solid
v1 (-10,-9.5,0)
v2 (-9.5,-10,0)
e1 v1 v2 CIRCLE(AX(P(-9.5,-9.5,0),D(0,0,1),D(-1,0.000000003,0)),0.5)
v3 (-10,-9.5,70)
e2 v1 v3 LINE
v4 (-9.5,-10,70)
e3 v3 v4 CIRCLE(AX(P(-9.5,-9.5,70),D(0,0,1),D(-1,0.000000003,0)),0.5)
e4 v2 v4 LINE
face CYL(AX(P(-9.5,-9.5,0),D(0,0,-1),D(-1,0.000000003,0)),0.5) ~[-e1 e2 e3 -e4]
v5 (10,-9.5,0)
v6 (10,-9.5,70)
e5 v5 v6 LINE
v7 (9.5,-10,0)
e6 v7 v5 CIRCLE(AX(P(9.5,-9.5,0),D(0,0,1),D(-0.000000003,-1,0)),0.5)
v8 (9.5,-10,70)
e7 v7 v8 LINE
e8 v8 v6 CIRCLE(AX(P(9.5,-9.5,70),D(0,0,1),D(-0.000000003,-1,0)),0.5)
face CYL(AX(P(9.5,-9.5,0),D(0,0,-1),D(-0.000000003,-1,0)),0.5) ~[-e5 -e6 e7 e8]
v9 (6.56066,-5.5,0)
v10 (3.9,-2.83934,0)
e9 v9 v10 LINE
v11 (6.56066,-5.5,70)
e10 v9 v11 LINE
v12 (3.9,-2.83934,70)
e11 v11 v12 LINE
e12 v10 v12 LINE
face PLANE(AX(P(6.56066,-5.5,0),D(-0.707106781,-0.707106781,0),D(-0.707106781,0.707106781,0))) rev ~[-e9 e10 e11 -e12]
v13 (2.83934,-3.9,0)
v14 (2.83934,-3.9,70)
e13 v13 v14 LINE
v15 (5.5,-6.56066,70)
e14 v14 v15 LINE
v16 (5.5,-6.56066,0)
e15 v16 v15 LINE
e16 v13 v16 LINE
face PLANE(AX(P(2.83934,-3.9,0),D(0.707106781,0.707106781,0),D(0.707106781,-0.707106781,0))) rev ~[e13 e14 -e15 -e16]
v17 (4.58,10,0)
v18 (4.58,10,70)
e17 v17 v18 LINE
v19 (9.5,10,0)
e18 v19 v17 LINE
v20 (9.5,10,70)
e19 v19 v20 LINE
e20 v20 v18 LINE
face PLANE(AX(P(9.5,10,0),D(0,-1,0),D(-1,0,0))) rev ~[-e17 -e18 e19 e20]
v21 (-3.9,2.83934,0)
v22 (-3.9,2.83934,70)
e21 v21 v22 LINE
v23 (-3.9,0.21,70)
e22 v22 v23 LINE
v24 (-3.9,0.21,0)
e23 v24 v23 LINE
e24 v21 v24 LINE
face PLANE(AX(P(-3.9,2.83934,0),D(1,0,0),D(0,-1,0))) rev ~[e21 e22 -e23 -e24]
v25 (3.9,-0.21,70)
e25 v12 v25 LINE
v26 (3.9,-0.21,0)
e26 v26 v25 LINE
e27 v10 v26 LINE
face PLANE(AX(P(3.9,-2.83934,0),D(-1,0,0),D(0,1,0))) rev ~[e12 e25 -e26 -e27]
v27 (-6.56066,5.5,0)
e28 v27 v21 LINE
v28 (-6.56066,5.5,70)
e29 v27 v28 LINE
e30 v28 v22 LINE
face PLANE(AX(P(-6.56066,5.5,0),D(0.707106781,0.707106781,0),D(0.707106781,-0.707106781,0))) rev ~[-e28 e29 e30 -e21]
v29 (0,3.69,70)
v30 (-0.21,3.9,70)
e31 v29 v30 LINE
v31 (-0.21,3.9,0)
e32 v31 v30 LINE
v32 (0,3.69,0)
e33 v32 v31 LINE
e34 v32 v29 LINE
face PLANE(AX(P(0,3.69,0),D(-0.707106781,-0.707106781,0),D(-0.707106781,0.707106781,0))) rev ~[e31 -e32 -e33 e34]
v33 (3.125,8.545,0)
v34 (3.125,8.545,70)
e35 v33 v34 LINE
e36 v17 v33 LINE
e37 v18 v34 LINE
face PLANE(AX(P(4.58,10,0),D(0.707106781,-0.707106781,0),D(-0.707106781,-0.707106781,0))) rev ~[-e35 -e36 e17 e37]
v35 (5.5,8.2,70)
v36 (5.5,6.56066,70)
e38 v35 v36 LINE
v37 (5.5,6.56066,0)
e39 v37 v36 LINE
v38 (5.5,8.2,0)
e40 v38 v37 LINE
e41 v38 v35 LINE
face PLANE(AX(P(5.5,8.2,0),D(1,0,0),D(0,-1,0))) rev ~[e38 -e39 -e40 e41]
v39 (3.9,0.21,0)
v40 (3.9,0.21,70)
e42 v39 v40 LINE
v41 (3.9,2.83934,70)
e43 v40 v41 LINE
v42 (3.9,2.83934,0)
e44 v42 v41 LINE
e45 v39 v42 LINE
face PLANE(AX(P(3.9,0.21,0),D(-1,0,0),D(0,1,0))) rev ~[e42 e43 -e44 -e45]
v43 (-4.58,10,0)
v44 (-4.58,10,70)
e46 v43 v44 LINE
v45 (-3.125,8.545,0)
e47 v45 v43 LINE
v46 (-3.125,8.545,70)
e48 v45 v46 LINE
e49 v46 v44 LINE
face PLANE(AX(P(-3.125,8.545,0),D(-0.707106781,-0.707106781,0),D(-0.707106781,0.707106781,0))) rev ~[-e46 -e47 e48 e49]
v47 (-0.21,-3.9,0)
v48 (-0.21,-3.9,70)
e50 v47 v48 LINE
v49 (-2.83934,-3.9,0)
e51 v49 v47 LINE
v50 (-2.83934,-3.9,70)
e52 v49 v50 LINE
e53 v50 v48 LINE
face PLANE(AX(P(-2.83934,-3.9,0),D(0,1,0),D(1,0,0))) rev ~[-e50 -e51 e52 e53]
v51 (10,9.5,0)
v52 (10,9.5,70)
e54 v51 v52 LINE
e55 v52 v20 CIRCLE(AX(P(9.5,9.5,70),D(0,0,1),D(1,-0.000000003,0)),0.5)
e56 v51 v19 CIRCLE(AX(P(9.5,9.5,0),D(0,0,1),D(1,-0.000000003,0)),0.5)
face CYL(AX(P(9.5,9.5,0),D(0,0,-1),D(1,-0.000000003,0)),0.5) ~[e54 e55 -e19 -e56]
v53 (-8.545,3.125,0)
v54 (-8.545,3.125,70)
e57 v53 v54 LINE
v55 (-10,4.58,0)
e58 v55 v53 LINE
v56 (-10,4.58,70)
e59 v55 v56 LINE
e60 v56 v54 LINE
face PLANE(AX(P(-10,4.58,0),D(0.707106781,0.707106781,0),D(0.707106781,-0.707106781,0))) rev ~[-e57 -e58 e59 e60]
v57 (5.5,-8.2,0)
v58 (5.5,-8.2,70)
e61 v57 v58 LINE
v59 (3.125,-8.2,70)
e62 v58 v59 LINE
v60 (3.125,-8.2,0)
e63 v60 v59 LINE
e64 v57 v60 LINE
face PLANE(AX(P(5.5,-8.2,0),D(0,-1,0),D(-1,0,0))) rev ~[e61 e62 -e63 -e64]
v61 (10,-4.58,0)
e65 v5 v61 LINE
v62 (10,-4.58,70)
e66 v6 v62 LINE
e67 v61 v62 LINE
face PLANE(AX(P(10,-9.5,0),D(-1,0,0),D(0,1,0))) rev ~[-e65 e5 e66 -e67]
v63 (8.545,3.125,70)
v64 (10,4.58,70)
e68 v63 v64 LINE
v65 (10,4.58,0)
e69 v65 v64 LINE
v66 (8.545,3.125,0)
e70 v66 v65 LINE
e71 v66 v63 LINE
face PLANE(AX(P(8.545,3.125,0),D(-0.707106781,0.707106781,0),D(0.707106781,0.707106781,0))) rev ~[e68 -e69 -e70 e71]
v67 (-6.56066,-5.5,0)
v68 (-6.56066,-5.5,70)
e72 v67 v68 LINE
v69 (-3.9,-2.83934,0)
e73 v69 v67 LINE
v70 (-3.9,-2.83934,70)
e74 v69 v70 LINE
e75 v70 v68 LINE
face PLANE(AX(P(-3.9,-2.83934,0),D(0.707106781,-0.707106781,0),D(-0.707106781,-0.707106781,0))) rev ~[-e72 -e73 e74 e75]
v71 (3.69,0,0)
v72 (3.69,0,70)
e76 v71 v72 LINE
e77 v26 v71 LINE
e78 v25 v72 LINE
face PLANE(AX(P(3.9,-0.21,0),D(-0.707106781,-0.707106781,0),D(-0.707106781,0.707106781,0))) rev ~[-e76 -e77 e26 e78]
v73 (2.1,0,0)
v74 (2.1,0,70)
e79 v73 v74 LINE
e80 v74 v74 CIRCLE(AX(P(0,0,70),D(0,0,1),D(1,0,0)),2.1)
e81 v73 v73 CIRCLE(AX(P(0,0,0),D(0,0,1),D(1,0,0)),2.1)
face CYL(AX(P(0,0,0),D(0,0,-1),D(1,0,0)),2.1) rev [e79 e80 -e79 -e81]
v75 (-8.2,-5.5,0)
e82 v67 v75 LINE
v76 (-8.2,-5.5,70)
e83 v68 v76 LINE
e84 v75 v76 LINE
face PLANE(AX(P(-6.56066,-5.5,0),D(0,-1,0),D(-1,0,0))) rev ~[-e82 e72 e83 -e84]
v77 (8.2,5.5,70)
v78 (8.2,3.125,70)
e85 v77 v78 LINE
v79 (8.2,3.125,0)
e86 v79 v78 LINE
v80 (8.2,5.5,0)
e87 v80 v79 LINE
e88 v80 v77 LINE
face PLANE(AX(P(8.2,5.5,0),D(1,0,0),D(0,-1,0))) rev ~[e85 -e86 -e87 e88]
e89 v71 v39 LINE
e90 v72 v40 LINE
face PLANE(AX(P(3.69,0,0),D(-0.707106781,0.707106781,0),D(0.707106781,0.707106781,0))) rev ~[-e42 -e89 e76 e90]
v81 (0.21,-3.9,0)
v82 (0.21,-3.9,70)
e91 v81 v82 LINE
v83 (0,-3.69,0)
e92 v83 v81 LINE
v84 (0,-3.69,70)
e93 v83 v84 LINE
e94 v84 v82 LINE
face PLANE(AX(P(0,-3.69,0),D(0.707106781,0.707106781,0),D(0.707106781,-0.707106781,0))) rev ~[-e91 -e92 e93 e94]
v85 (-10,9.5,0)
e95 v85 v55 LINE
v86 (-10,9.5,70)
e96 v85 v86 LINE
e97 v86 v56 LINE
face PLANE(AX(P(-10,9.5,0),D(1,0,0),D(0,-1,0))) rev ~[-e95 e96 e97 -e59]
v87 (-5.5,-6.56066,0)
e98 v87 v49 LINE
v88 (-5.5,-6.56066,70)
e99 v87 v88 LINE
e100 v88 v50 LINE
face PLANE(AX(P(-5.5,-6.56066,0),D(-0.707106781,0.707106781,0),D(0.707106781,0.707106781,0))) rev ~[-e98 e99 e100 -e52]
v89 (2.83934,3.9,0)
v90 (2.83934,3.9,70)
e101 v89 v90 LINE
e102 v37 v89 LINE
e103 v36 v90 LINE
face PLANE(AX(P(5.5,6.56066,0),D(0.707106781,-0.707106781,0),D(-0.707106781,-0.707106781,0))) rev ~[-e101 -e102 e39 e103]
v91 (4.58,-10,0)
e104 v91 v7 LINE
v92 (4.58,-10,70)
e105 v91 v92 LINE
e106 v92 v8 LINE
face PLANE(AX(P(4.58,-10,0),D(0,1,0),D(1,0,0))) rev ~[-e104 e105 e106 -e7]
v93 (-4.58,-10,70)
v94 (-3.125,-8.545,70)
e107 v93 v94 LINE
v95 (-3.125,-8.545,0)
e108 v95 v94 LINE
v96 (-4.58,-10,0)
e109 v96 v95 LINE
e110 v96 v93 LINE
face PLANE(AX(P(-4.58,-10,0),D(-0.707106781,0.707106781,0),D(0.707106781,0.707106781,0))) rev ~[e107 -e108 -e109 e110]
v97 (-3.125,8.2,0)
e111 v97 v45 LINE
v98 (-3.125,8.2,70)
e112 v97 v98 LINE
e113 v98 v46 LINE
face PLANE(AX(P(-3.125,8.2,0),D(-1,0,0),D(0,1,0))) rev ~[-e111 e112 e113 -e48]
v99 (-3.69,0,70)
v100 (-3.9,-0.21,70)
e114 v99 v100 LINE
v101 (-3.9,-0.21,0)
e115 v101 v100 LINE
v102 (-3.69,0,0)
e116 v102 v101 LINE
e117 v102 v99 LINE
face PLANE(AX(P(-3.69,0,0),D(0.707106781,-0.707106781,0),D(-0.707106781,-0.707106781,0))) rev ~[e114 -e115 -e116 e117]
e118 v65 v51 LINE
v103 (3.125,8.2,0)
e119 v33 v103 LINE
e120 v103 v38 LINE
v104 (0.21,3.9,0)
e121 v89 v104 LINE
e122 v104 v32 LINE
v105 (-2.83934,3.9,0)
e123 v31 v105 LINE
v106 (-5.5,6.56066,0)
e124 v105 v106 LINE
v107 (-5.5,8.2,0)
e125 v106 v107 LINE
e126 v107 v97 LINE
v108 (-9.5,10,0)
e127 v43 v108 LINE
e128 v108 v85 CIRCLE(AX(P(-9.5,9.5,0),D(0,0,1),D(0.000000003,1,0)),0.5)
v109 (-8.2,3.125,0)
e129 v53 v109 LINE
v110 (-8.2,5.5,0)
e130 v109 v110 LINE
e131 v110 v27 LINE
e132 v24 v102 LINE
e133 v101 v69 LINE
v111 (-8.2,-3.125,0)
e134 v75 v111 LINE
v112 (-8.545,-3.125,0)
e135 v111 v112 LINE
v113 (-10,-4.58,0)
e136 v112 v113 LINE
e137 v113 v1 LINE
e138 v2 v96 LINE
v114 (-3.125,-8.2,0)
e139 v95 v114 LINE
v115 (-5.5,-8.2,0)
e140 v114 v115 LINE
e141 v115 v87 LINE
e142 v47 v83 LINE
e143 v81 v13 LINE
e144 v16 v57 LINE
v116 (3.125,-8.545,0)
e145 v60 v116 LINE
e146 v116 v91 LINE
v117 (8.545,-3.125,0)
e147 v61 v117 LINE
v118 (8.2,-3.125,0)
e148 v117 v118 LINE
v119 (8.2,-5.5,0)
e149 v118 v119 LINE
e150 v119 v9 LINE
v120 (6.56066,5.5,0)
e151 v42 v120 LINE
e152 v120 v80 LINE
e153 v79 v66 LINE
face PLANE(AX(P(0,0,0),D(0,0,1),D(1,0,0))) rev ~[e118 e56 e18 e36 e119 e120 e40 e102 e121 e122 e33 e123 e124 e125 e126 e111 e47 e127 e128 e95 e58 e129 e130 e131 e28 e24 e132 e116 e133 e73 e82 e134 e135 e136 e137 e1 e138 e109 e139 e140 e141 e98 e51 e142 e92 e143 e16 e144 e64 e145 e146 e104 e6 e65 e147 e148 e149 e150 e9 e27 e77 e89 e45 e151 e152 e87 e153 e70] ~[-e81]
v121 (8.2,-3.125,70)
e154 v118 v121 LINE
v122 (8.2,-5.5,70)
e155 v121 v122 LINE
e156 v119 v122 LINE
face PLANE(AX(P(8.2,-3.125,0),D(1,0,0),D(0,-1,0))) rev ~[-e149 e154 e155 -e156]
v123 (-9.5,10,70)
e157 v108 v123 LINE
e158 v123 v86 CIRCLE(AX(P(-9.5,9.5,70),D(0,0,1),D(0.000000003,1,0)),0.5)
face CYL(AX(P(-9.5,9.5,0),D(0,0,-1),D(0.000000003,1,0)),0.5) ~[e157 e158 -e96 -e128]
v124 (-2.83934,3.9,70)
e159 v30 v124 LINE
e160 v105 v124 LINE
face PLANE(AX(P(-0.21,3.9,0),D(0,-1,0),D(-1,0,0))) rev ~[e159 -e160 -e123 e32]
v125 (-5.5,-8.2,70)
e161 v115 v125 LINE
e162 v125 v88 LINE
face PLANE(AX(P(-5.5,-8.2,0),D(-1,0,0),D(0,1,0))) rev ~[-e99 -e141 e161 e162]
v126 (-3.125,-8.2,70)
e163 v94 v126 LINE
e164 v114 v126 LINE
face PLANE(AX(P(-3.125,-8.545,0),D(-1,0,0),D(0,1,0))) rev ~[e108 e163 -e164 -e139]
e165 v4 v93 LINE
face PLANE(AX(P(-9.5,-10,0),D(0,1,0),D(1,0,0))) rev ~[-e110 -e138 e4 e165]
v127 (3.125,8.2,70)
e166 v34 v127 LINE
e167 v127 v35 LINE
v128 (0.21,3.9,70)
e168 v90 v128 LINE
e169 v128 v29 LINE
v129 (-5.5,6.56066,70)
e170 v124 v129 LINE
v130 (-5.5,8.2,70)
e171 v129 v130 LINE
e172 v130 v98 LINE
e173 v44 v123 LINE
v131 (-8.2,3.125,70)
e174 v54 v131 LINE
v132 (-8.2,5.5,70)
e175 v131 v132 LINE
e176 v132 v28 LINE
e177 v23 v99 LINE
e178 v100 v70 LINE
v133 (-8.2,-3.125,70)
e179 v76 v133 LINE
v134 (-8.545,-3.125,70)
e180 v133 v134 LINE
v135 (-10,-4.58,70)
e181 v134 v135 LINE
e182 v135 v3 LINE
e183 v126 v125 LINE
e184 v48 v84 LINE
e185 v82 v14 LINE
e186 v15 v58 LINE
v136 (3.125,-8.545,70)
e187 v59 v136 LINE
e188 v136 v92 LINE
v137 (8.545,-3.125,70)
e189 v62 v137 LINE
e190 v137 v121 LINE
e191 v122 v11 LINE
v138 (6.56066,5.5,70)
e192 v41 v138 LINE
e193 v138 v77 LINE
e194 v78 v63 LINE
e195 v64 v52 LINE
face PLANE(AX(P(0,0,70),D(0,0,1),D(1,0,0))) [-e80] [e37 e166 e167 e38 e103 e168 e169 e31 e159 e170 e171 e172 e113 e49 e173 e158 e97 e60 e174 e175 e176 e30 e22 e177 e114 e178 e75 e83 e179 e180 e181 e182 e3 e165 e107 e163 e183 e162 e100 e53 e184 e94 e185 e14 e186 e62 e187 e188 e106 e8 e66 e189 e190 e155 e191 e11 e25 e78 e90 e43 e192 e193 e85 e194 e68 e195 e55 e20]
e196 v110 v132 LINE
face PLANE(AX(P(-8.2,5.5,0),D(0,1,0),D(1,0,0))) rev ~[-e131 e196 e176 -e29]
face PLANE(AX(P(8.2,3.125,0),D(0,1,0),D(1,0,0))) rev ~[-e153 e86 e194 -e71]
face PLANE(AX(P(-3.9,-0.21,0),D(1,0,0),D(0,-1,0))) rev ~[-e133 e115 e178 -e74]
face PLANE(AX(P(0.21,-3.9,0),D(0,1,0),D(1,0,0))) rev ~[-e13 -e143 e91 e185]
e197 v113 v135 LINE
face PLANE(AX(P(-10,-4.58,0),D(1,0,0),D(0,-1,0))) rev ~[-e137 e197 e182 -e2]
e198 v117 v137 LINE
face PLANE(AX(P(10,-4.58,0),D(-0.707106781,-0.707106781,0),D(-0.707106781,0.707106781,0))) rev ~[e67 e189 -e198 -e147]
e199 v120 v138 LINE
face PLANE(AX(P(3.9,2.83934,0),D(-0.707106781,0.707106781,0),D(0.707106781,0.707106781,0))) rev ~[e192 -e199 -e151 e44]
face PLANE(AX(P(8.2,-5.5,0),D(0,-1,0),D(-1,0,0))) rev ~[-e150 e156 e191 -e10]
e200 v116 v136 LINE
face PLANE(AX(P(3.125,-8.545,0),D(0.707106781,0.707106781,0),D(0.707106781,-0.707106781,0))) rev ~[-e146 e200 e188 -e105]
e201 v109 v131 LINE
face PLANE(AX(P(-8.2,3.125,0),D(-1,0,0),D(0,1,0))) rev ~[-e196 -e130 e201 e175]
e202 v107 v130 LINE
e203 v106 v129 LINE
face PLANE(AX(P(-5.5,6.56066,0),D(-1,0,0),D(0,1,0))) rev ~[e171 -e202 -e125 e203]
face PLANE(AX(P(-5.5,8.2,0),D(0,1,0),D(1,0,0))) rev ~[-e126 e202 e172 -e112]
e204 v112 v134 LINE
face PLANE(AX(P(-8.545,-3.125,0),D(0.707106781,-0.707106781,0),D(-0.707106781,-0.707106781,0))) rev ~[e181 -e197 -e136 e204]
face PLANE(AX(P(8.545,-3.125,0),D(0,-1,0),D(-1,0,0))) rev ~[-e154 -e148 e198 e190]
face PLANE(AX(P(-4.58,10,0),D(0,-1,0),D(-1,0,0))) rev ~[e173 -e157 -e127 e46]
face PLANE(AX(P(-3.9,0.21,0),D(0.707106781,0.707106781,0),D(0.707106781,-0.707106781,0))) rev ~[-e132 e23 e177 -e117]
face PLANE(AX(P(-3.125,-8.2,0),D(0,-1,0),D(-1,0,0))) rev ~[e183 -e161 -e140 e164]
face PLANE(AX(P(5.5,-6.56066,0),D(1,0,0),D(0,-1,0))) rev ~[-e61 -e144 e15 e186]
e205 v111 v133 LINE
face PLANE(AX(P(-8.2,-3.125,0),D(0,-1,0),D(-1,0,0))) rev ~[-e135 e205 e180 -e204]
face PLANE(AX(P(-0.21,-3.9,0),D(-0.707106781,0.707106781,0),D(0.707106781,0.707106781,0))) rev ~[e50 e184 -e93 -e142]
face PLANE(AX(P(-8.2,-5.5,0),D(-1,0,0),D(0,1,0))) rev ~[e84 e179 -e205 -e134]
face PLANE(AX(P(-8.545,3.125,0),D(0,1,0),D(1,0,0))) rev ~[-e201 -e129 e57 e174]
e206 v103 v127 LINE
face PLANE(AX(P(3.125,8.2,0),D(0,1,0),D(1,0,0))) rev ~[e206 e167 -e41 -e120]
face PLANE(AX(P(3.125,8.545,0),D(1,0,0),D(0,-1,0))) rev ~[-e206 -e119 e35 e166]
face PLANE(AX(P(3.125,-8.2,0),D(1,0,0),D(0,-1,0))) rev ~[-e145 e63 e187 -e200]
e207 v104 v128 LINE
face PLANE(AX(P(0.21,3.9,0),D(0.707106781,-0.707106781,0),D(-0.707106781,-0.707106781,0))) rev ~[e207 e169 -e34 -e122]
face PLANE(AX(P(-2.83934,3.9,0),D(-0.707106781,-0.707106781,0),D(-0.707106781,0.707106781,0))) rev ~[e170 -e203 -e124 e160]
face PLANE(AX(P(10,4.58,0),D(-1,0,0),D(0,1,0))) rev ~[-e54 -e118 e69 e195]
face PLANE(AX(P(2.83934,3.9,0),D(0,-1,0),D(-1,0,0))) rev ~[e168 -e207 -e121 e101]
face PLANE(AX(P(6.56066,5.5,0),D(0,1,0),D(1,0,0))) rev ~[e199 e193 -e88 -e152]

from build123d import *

# Parameters (mm, degrees)
ESBO_O1_R                = 2.1
RESSALTO_EXTRUS_O1_DEPTH = 70


with BuildPart() as part:
    # Esboço1 → Ressalto-extrusão1 (new body)
    with BuildSketch(Plane.XY):
        with BuildLine():
            Line((3.9, -0.21), (3.69, 0))
            Line((3.69, 0), (3.9, 0.21))
            Line((3.9, 0.21), (3.9, 2.839339828))
            Line((3.9, 2.839339828), (6.560660172, 5.5))
            Line((6.560660172, 5.5), (8.2, 5.5))
            Line((8.2, 5.5), (8.2, 3.125))
            Line((8.2, 3.125), (8.545, 3.125))
            Line((8.545, 3.125), (10, 4.58))
            Line((10, 4.58), (10, 9.5))
            ThreePointArc((10, 9.5), (9.853553391, 9.853553391), (9.5, 10))
            Line((9.5, 10), (4.58, 10))
            Line((4.58, 10), (3.125, 8.545))
            Line((3.125, 8.545), (3.125, 8.2))
            Line((3.125, 8.2), (5.5, 8.2))
            Line((5.5, 8.2), (5.5, 6.560660172))
            Line((5.5, 6.560660172), (2.839339828, 3.9))
            Line((2.839339828, 3.9), (0.21, 3.9))
            Line((0.21, 3.9), (0, 3.69))
            Line((0, 3.69), (-0.21, 3.9))
            Line((-0.21, 3.9), (-2.839339828, 3.9))
            Line((-2.839339828, 3.9), (-5.5, 6.560660172))
            Line((-5.5, 6.560660172), (-5.5, 8.2))
            Line((-5.5, 8.2), (-3.125, 8.2))
            Line((-3.125, 8.2), (-3.125, 8.545))
            Line((-3.125, 8.545), (-4.58, 10))
            Line((-4.58, 10), (-9.5, 10))
            ThreePointArc((-9.5, 10), (-9.853553391, 9.853553391), (-10, 9.5))
            Line((-10, 9.5), (-10, 4.58))
            Line((-10, 4.58), (-8.545, 3.125))
            Line((-8.545, 3.125), (-8.2, 3.125))
            Line((-8.2, 3.125), (-8.2, 5.5))
            Line((-8.2, 5.5), (-6.560660172, 5.5))
            Line((-6.560660172, 5.5), (-3.9, 2.839339828))
            Line((-3.9, 2.839339828), (-3.9, 0.21))
            Line((-3.9, 0.21), (-3.69, 0))
            Line((-3.69, 0), (-3.9, -0.21))
            Line((-3.9, -0.21), (-3.9, -2.839339828))
            Line((-3.9, -2.839339828), (-6.560660172, -5.5))
            Line((-6.560660172, -5.5), (-8.2, -5.5))
            Line((-8.2, -5.5), (-8.2, -3.125))
            Line((-8.2, -3.125), (-8.545, -3.125))
            Line((-8.545, -3.125), (-10, -4.58))
            Line((-10, -4.58), (-10, -9.5))
            ThreePointArc((-10, -9.5), (-9.853553391, -9.853553391), (-9.5, -10))
            Line((-9.5, -10), (-4.58, -10))
            Line((-4.58, -10), (-3.125, -8.545))
            Line((-3.125, -8.545), (-3.125, -8.2))
            Line((-3.125, -8.2), (-5.5, -8.2))
            Line((-5.5, -8.2), (-5.5, -6.560660172))
            Line((-5.5, -6.560660172), (-2.839339828, -3.9))
            Line((-2.839339828, -3.9), (-0.21, -3.9))
            Line((-0.21, -3.9), (0, -3.69))
            Line((0, -3.69), (0.21, -3.9))
            Line((0.21, -3.9), (2.839339828, -3.9))
            Line((2.839339828, -3.9), (5.5, -6.560660172))
            Line((5.5, -6.560660172), (5.5, -8.2))
            Line((5.5, -8.2), (3.125, -8.2))
            Line((3.125, -8.2), (3.125, -8.545))
            Line((3.125, -8.545), (4.58, -10))
            Line((4.58, -10), (9.5, -10))
            ThreePointArc((9.5, -10), (9.853553391, -9.853553391), (10, -9.5))
            Line((10, -9.5), (10, -4.58))
            Line((10, -4.58), (8.545, -3.125))
            Line((8.545, -3.125), (8.2, -3.125))
            Line((8.2, -3.125), (8.2, -5.5))
            Line((8.2, -5.5), (6.560660172, -5.5))
            Line((6.560660172, -5.5), (3.9, -2.839339828))
            Line((3.9, -2.839339828), (3.9, -0.21))
        make_face()
        Circle(ESBO_O1_R, mode=Mode.SUBTRACT)
    extrude(amount=RESSALTO_EXTRUS_O1_DEPTH)


solid = part.part
